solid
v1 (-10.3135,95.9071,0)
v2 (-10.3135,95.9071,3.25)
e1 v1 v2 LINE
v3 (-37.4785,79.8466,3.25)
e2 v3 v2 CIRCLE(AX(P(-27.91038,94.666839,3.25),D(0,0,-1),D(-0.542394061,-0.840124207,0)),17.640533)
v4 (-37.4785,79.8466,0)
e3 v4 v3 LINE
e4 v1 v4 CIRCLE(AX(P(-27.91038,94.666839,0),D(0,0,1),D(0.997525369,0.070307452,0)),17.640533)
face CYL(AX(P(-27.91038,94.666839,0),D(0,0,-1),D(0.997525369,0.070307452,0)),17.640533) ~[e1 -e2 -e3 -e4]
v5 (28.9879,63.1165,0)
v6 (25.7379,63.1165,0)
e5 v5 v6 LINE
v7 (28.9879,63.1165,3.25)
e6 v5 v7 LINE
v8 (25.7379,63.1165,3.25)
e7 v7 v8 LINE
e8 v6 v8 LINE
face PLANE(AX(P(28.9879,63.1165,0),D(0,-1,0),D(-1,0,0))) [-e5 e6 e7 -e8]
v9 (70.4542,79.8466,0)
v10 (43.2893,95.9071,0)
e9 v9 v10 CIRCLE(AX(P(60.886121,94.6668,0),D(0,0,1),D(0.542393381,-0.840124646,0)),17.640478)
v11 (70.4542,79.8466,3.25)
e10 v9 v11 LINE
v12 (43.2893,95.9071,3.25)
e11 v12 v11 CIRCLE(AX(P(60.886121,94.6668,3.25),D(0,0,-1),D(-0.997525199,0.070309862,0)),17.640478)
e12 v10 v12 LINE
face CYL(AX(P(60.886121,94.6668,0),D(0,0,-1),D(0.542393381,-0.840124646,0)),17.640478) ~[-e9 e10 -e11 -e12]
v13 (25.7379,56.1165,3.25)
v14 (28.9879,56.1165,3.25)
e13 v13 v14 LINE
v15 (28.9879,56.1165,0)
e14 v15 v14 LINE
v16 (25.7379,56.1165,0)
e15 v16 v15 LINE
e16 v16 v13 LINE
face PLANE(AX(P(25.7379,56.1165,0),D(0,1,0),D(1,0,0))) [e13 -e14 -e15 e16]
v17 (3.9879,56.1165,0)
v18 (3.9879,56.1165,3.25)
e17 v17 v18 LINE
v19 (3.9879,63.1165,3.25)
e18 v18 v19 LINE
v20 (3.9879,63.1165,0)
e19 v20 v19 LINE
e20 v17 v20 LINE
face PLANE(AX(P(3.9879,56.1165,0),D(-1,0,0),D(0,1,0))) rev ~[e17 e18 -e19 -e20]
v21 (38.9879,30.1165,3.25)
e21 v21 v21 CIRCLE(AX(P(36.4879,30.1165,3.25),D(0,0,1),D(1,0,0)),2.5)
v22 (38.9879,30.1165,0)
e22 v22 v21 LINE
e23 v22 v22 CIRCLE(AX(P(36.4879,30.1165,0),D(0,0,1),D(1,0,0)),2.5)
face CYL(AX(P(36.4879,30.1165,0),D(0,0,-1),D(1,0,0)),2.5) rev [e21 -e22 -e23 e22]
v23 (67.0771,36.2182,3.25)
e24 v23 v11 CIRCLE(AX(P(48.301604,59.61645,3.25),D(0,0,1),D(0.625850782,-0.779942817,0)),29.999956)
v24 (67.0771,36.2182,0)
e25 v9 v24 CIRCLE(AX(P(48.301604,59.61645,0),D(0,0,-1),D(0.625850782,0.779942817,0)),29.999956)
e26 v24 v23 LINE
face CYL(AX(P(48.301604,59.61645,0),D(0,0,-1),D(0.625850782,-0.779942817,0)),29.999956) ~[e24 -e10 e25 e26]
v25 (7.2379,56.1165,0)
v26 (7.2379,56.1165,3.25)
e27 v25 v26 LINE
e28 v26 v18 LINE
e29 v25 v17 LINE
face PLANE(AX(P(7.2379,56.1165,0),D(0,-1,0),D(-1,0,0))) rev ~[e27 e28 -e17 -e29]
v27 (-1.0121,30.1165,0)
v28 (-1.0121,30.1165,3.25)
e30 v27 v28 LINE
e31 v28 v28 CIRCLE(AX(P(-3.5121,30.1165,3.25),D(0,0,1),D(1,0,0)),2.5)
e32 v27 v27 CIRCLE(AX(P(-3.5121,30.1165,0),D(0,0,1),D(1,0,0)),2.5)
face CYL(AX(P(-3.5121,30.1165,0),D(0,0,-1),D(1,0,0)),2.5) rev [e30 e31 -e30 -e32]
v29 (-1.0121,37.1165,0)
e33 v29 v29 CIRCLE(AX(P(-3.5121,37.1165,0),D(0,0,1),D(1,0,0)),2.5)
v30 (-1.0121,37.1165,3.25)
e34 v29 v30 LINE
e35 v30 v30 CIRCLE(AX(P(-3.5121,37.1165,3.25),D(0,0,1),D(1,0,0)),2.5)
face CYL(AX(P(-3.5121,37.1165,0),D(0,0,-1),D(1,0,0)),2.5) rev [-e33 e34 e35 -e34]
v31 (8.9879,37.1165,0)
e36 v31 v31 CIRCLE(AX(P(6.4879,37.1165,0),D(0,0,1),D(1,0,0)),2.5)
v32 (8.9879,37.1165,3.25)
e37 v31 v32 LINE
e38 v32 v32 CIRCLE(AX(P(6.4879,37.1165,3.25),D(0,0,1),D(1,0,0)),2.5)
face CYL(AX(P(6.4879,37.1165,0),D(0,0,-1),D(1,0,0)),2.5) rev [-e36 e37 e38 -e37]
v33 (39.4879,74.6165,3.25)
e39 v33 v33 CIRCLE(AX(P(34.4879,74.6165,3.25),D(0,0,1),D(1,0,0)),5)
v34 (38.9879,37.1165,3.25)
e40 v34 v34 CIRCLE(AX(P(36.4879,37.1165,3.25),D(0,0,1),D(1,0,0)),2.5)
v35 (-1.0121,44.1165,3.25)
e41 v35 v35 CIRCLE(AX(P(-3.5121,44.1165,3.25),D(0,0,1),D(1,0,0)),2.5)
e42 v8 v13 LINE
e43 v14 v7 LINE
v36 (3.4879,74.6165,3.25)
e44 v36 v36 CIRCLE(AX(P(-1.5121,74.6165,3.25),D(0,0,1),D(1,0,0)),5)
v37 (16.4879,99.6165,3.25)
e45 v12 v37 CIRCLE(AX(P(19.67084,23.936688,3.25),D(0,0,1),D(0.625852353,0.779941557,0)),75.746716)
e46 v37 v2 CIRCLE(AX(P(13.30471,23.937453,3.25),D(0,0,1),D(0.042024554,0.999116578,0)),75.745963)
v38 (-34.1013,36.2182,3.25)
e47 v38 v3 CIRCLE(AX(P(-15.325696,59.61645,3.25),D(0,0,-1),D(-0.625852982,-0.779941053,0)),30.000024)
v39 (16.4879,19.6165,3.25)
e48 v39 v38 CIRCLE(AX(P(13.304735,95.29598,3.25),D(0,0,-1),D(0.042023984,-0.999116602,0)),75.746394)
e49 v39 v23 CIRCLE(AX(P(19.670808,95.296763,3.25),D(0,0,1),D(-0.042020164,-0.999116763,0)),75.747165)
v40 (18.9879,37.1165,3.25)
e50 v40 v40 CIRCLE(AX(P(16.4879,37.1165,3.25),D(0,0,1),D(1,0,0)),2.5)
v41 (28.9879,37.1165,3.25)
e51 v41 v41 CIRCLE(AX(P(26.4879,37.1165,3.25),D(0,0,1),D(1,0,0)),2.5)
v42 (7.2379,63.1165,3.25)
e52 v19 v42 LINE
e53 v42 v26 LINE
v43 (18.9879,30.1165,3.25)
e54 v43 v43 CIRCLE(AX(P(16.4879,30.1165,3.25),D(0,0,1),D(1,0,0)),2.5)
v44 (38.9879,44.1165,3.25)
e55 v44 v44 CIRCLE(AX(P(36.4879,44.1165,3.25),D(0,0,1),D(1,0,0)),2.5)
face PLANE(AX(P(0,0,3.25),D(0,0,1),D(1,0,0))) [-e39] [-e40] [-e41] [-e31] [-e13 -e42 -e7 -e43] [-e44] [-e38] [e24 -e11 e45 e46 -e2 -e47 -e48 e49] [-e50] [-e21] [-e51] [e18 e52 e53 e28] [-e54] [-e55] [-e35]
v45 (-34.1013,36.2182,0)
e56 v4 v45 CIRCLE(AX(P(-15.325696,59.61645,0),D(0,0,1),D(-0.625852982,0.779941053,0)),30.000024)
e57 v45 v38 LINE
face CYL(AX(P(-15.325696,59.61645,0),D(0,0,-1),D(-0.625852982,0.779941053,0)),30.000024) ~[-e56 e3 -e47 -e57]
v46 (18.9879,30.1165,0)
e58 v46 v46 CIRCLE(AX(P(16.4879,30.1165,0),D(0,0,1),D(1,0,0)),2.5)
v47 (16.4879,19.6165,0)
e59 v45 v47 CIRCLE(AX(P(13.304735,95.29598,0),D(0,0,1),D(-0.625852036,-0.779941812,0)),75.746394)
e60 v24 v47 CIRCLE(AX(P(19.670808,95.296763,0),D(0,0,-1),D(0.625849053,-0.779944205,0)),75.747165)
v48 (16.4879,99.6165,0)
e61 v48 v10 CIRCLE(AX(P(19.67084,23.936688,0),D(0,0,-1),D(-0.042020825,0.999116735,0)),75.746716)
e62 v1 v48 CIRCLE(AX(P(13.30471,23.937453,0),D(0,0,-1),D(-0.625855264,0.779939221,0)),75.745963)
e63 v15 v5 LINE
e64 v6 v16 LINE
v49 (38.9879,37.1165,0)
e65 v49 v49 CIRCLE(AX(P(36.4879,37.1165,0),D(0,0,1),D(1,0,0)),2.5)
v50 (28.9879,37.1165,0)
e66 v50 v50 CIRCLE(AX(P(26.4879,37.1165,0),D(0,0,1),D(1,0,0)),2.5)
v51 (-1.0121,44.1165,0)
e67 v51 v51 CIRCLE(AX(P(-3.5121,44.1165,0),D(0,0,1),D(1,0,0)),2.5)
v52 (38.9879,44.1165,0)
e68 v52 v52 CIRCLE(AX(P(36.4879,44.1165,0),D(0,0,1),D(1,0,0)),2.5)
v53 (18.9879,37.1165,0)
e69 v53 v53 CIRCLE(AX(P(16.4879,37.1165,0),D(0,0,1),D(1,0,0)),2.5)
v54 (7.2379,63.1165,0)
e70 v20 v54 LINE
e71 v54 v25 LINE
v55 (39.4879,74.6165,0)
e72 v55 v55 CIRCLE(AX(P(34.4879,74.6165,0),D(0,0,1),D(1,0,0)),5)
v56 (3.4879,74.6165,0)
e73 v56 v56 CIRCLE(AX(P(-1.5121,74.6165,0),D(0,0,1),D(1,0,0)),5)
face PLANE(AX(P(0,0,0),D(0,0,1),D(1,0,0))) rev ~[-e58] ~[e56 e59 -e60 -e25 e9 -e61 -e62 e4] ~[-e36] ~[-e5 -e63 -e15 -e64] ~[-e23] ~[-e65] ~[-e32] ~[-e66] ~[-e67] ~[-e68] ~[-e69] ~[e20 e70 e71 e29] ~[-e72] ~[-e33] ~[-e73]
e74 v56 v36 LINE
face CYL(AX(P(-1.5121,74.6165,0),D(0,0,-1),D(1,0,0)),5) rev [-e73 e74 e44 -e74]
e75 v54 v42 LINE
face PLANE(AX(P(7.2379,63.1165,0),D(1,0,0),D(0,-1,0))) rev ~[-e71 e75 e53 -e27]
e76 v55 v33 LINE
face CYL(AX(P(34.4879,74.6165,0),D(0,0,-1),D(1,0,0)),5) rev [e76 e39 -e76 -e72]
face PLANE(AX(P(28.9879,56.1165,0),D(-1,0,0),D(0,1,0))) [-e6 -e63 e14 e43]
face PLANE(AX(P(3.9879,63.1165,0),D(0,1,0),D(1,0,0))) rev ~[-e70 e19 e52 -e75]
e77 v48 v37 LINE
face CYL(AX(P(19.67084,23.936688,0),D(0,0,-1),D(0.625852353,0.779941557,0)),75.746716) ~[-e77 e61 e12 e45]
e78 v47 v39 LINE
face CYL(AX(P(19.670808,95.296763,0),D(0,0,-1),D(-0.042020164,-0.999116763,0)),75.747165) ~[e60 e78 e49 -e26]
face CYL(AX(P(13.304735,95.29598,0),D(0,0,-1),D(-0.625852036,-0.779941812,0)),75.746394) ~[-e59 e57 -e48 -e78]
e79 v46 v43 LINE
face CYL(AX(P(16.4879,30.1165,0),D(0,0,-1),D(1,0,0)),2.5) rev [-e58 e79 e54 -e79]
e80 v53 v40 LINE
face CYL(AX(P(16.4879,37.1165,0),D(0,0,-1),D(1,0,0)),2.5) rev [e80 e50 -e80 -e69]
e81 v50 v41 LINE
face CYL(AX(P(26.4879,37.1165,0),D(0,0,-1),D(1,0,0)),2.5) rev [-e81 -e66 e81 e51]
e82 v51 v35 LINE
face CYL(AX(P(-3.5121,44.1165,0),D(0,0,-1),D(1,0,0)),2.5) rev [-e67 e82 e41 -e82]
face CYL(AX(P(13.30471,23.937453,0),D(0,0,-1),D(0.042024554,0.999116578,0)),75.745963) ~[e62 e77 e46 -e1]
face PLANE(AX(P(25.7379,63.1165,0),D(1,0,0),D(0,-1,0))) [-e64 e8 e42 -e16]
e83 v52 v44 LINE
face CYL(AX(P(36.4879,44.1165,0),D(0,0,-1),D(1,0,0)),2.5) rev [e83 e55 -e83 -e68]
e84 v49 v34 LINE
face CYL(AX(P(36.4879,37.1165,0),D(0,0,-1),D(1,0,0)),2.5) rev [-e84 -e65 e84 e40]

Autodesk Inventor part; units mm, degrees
ref_plane "YZ Plane" through (0, 0, 0) normal (1, 0, 0) x (0, 1, 0)
ref_plane "XZ Plane" through (0, 0, 0) normal (0, 1, 0) x (-1, 0, 0)
ref_plane "XY Plane" through (0, 0, 0) normal (0, 0, 1) x (1, 0, 0)
sketch "Sketch1" plane through (0, 0, 0) normal (0, 0, 1) x (1, 0, 0)
  line L0 (-92.7646, -8.503) -> (-89.7646, -8.503)
  line L1 (-89.7646, -8.503) -> (-89.7646, -11.753)
  line L2 (-89.7646, -11.753) -> (-92.7646, -11.753)
  line L3 (-92.7646, -11.753) -> (-92.7646, -8.503)
  line L4 (-92.7646, -21.6527) -> (-89.7646, -21.6527)
  line L5 (-89.7646, -21.6527) -> (-89.7646, -21.7527)
  line L6 (-89.7646, -21.7527) -> (-92.7646, -21.7527)
  line L7 (-92.7646, -21.7527) -> (-92.7646, -21.6527)
  line L8 (-43.5121, 19.6165) -> (76.4879, 19.6165)
  line L9 (76.4879, 19.6165) -> (76.4879, 99.6165)
  line L10 (76.4879, 99.6165) -> (-43.5121, 99.6165)
  line L11 (-43.5121, 99.6165) -> (-43.5121, 19.6165)
  line L12 (16.4879, 99.6165) -> (16.4879, 19.6165) construction
  line L13 (-43.5121, 59.6165) -> (76.4879, 59.6165) construction
  line L14 (3.9879, 63.1165) -> (7.2379, 63.1165)
  line L15 (7.2379, 63.1165) -> (7.2379, 56.1165)
  line L16 (7.2379, 56.1165) -> (3.9879, 56.1165)
  line L17 (3.9879, 56.1165) -> (3.9879, 63.1165)
  line L18 (3.9879, 59.6165) -> (7.2379, 59.6165) construction
  line L19 (28.9879, 63.1165) -> (25.7379, 63.1165)
  line L20 (25.7379, 63.1165) -> (25.7379, 56.1165)
  line L21 (25.7379, 56.1165) -> (28.9879, 56.1165)
  line L22 (28.9879, 56.1165) -> (28.9879, 63.1165)
  line L23 (28.9879, 59.6165) -> (25.7379, 59.6165) construction
  circle A0 centre (-1.5121, 74.6165) radius 5
  circle A1 centre (34.4879, 74.6165) radius 5
  circle A2 centre (-3.5121, 37.1165) radius 2.5
  circle A3 centre (6.4879, 37.1165) radius 2.5
  circle A4 centre (16.4879, 37.1165) radius 2.5
  circle A5 centre (26.4879, 37.1165) radius 2.5
  circle A6 centre (36.4879, 37.1165) radius 2.5
  circle A7 centre (-3.5121, 44.1165) radius 2.5
  line L24 (-6.0121, 37.1165) -> (-1.0121, 37.1165) construction
  circle A8 centre (-3.5121, 30.1165) radius 2.5
  line L25 (6.4879, 39.6165) -> (6.4879, 34.6165) construction
  circle A9 centre (36.4879, 44.1165) radius 2.5
  circle A10 centre (36.4879, 30.1165) radius 2.5
  circle A11 centre (16.4879, 30.1165) radius 2.5
  line L26 (-43.5121, 99.6165) -> (-53.5121, 99.6165)
  line L27 (-53.5121, 99.6165) -> (-53.5121, 19.6165)
  line L28 (-53.5121, 19.6165) -> (-43.5121, 19.6165)
  line L29 (-43.5121, 19.6165) -> (-43.5121, 99.6165)
  arc A12 (16.4879, 99.6165) -> (-34.1013, 83.0147) centre (13.3048, 23.9368) ccw
  arc A13 (-34.1013, 36.2182) -> (16.4879, 19.6165) centre (13.3048, 95.2961) ccw
  arc A14 (-34.1013, 83.0147) -> (-34.1013, 36.2182) centre (-15.3258, 59.6165) ccw
  arc A15 (67.0771, 83.0147) -> (16.4879, 99.6165) centre (19.6709, 23.9368) ccw
  arc A16 (16.4879, 19.6165) -> (67.0771, 36.2182) centre (19.6709, 95.2961) ccw
  arc A17 (67.0771, 36.2182) -> (67.0771, 83.0147) centre (48.3015, 59.6165) ccw
  arc A18 (-10.3135, 95.9071) -> (-37.4785, 79.8466) centre (-27.9104, 94.6668) ccw
  line L30 (-37.4785, 79.8466) -> (-10.3135, 95.9071)
  arc A19 (70.4542, 79.8466) -> (43.2893, 95.9071) centre (60.8861, 94.6668) ccw
  line L31 (70.4542, 79.8466) -> (43.2893, 95.9071)
  point P0 (0, 0)
  dimension "d3" = 3
  dimension "mat" = 3.25
  dimension "d5" = 3
  dimension "kerf" = 0.1
  dimension "d42" = 120
  dimension "d43" = 80
  dimension "d44" = 3.25
  dimension "d45" = 7
  dimension "d47" = 9.25
  dimension "d50" = 10
  dimension "d51" = 13
  dimension "d54" = 20
  dimension "d55" = 5
  dimension "d58" = 10
  dimension "d63" = 15
  dimension "d64" = 5
  dimension "d65" = 7
  dimension "d69" = 10
  dimension "d70" = 30
extrude "Extrusion9" add sketch "Sketch1" along normal blind 3.25 contours A13 A14 L11 L30 A12 L10 A15 L31 A17 L9 A16 L8 | L8 A13 | A14 L11 | L8 A16 | A14 A12 L30 | L9 A17 | A12 L10 | A15 L10 | L31 A15 A17
extrude "Extrusion10" add sketch "Sketch1" along normal blind 3.25 contours A18 L26 L11 | L11 L10 A18 A12 A14 | A14 A12 L30 | A18 L10 L26 | A19 A17 A15 L10 L9 | L9 L10 A19 | L31 A15 A17
equation "\"d44\" = mat"
equation "\"d71\" = mat"
equation "\"d73\" = mat"
properties part number "body-back"
